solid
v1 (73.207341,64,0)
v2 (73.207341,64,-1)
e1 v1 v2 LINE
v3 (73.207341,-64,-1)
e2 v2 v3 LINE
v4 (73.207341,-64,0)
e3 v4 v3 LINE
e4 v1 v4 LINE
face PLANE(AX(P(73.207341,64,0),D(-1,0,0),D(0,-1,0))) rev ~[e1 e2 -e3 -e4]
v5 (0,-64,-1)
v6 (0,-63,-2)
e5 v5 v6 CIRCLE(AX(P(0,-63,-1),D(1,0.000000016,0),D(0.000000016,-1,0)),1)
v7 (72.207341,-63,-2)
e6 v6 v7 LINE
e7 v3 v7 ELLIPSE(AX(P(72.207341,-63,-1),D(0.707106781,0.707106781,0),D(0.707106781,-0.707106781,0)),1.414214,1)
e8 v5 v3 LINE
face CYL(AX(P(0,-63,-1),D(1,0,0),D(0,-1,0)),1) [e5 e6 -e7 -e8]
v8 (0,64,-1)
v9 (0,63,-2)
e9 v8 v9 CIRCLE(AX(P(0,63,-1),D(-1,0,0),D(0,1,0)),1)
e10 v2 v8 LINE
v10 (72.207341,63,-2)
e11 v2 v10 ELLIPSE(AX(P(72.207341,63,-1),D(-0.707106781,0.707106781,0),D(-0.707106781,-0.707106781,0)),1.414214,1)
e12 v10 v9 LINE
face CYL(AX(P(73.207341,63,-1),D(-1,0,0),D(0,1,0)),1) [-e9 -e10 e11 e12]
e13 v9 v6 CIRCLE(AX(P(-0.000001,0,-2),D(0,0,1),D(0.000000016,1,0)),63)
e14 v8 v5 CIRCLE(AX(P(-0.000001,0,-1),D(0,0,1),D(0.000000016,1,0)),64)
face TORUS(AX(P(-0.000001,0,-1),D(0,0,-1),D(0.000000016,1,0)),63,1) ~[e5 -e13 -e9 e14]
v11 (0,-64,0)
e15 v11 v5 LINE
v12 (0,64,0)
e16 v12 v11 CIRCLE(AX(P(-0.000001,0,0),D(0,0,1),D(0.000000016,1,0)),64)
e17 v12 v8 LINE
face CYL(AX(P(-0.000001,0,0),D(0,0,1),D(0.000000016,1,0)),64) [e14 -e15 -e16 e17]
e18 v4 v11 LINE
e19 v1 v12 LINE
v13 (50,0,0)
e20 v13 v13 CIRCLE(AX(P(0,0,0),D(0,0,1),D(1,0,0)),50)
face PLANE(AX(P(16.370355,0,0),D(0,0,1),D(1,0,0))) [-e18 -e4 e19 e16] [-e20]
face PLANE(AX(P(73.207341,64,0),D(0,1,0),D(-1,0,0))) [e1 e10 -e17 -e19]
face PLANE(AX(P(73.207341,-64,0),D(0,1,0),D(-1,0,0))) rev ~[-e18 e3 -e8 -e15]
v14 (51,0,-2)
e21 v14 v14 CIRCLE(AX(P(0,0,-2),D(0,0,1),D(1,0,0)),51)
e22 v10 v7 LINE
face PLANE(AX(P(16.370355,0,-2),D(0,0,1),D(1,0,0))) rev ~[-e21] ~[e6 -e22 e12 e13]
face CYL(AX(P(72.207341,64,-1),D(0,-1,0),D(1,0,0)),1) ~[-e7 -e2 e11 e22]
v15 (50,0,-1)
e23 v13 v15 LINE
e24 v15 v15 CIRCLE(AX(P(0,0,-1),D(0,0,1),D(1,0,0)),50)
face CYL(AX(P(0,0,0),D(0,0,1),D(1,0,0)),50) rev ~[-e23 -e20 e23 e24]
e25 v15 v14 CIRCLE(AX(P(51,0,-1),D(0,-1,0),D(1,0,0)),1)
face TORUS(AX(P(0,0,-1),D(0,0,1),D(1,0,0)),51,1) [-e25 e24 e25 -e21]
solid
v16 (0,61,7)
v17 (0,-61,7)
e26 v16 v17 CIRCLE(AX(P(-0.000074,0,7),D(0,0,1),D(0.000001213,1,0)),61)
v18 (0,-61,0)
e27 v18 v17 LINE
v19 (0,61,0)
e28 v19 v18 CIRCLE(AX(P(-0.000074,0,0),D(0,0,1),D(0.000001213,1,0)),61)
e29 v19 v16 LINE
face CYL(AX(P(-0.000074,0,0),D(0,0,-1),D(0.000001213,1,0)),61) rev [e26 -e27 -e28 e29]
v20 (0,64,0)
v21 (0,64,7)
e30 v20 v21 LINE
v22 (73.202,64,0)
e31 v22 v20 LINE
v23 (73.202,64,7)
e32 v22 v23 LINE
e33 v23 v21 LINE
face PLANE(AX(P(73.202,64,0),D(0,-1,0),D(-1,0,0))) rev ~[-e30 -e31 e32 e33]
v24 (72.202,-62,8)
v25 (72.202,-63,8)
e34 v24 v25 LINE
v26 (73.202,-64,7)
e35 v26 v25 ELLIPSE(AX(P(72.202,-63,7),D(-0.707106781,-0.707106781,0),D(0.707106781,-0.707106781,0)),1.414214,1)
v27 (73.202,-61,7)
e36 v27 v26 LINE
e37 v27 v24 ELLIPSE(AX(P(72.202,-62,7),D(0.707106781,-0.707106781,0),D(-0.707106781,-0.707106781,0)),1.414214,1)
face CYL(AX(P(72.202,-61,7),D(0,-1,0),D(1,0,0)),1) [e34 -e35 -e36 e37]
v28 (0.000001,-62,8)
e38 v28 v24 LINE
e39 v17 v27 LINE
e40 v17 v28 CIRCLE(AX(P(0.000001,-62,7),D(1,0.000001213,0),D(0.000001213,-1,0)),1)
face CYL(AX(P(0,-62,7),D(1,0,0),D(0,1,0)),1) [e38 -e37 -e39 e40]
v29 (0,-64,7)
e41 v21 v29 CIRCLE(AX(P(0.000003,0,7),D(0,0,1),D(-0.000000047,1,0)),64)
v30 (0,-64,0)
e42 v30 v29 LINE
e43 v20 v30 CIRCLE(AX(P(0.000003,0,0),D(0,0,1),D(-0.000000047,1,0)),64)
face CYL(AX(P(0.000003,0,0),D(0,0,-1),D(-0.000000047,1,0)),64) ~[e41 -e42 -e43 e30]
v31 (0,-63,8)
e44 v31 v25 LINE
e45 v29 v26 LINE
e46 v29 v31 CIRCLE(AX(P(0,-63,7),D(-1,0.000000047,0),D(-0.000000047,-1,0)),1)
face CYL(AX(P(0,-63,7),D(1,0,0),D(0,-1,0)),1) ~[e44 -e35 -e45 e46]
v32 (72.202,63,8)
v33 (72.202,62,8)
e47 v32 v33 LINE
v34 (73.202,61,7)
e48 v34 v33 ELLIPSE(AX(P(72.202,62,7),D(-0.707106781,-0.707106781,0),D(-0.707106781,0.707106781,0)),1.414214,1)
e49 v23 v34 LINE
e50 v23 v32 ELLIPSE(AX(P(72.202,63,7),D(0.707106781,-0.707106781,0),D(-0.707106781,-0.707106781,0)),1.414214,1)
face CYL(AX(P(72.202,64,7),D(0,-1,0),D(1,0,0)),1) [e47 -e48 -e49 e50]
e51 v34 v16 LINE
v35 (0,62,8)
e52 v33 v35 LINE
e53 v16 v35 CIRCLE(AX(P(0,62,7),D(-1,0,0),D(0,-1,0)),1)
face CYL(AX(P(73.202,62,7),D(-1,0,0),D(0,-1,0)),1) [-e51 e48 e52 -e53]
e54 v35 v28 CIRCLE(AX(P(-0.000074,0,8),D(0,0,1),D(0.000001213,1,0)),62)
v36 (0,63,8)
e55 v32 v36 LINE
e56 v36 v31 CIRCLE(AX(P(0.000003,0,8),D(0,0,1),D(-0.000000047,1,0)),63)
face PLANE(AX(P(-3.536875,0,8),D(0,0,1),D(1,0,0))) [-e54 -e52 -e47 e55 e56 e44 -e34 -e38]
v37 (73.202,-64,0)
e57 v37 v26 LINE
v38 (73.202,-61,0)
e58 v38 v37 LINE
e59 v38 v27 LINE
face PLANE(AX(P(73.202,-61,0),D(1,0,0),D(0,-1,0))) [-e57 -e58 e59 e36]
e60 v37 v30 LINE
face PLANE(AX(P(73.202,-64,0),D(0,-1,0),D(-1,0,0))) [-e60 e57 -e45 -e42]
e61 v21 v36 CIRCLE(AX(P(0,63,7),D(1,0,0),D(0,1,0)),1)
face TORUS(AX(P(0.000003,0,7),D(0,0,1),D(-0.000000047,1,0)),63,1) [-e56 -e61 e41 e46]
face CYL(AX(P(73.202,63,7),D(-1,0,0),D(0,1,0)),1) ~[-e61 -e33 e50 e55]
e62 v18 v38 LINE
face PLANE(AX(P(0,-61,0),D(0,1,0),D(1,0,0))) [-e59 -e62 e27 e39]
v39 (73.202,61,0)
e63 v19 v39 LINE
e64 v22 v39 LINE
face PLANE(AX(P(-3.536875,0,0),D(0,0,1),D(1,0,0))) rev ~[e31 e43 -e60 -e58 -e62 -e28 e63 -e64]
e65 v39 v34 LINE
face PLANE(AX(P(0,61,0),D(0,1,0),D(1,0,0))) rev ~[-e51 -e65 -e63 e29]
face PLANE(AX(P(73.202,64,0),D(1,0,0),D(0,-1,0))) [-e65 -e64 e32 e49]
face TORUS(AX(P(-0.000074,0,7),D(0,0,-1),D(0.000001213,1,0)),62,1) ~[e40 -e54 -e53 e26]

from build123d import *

# Parameters (mm, degrees)
PAD001_DEPTH = 8
FILLET_R     = 1
SKETCH001_R  = 50
PAD_DEPTH    = 2
FILLET001_R  = 1


with BuildPart() as fisset_inside:
    # Sketch002 → Pad001 (new body)
    with BuildSketch(Plane.XY):
        with BuildLine():
            Line((73.202, 64), (0, 64))
            ThreePointArc((0, 64), (-63.999997, 0), (0, -64))
            Line((73.202, -64), (0, -64))
            Line((73.202, -61), (73.202, -64))
            Line((0, -61), (73.202, -61))
            ThreePointArc((0, 61), (-61.000074, 0), (0, -61))
            Line((0, 61), (73.202, 61))
            Line((73.202, 64), (73.202, 61))
        make_face()
    extrude(amount=PAD001_DEPTH)

    # Fillet
    fillet_edges = [fisset_inside.edges().sort_by_distance(p)[0] for p in [
        (36.601, 64, 8),
        (-63.999997, 0, 8),
        (36.601, -64, 8),
        (73.202, -62.5, 8),
        (36.601, -61, 8),
        (-61.000074, 0, 8),
        (36.601, 61, 8),
        (73.202, 62.5, 8),
    ]]
    fillet(fillet_edges, radius=FILLET_R)


with BuildPart() as fillet_face:
    # Sketch001 → Pad (new body)
    with BuildSketch(Plane.XY):
        with BuildLine():
            Line((73.207341, 64), (0, 64))
            ThreePointArc((0, 64), (-64.000001, 0), (0, -64))
            Line((73.207341, -64), (0, -64))
            Line((73.207341, 64), (73.207341, -64))
        make_face()
        Circle(SKETCH001_R, mode=Mode.SUBTRACT)
    extrude(amount=-PAD_DEPTH)

    # Fillet001
    fillet001_edges = [fillet_face.edges().sort_by_distance(p)[0] for p in [
        (36.603671, 64, -2),
        (-64.000001, 0, -2),
        (36.603671, -64, -2),
        (73.207341, 0, -2),
        (-50, 0, -2),
    ]]
    fillet(fillet001_edges, radius=FILLET001_R)


solid = Compound([fisset_inside.part, fillet_face.part])
